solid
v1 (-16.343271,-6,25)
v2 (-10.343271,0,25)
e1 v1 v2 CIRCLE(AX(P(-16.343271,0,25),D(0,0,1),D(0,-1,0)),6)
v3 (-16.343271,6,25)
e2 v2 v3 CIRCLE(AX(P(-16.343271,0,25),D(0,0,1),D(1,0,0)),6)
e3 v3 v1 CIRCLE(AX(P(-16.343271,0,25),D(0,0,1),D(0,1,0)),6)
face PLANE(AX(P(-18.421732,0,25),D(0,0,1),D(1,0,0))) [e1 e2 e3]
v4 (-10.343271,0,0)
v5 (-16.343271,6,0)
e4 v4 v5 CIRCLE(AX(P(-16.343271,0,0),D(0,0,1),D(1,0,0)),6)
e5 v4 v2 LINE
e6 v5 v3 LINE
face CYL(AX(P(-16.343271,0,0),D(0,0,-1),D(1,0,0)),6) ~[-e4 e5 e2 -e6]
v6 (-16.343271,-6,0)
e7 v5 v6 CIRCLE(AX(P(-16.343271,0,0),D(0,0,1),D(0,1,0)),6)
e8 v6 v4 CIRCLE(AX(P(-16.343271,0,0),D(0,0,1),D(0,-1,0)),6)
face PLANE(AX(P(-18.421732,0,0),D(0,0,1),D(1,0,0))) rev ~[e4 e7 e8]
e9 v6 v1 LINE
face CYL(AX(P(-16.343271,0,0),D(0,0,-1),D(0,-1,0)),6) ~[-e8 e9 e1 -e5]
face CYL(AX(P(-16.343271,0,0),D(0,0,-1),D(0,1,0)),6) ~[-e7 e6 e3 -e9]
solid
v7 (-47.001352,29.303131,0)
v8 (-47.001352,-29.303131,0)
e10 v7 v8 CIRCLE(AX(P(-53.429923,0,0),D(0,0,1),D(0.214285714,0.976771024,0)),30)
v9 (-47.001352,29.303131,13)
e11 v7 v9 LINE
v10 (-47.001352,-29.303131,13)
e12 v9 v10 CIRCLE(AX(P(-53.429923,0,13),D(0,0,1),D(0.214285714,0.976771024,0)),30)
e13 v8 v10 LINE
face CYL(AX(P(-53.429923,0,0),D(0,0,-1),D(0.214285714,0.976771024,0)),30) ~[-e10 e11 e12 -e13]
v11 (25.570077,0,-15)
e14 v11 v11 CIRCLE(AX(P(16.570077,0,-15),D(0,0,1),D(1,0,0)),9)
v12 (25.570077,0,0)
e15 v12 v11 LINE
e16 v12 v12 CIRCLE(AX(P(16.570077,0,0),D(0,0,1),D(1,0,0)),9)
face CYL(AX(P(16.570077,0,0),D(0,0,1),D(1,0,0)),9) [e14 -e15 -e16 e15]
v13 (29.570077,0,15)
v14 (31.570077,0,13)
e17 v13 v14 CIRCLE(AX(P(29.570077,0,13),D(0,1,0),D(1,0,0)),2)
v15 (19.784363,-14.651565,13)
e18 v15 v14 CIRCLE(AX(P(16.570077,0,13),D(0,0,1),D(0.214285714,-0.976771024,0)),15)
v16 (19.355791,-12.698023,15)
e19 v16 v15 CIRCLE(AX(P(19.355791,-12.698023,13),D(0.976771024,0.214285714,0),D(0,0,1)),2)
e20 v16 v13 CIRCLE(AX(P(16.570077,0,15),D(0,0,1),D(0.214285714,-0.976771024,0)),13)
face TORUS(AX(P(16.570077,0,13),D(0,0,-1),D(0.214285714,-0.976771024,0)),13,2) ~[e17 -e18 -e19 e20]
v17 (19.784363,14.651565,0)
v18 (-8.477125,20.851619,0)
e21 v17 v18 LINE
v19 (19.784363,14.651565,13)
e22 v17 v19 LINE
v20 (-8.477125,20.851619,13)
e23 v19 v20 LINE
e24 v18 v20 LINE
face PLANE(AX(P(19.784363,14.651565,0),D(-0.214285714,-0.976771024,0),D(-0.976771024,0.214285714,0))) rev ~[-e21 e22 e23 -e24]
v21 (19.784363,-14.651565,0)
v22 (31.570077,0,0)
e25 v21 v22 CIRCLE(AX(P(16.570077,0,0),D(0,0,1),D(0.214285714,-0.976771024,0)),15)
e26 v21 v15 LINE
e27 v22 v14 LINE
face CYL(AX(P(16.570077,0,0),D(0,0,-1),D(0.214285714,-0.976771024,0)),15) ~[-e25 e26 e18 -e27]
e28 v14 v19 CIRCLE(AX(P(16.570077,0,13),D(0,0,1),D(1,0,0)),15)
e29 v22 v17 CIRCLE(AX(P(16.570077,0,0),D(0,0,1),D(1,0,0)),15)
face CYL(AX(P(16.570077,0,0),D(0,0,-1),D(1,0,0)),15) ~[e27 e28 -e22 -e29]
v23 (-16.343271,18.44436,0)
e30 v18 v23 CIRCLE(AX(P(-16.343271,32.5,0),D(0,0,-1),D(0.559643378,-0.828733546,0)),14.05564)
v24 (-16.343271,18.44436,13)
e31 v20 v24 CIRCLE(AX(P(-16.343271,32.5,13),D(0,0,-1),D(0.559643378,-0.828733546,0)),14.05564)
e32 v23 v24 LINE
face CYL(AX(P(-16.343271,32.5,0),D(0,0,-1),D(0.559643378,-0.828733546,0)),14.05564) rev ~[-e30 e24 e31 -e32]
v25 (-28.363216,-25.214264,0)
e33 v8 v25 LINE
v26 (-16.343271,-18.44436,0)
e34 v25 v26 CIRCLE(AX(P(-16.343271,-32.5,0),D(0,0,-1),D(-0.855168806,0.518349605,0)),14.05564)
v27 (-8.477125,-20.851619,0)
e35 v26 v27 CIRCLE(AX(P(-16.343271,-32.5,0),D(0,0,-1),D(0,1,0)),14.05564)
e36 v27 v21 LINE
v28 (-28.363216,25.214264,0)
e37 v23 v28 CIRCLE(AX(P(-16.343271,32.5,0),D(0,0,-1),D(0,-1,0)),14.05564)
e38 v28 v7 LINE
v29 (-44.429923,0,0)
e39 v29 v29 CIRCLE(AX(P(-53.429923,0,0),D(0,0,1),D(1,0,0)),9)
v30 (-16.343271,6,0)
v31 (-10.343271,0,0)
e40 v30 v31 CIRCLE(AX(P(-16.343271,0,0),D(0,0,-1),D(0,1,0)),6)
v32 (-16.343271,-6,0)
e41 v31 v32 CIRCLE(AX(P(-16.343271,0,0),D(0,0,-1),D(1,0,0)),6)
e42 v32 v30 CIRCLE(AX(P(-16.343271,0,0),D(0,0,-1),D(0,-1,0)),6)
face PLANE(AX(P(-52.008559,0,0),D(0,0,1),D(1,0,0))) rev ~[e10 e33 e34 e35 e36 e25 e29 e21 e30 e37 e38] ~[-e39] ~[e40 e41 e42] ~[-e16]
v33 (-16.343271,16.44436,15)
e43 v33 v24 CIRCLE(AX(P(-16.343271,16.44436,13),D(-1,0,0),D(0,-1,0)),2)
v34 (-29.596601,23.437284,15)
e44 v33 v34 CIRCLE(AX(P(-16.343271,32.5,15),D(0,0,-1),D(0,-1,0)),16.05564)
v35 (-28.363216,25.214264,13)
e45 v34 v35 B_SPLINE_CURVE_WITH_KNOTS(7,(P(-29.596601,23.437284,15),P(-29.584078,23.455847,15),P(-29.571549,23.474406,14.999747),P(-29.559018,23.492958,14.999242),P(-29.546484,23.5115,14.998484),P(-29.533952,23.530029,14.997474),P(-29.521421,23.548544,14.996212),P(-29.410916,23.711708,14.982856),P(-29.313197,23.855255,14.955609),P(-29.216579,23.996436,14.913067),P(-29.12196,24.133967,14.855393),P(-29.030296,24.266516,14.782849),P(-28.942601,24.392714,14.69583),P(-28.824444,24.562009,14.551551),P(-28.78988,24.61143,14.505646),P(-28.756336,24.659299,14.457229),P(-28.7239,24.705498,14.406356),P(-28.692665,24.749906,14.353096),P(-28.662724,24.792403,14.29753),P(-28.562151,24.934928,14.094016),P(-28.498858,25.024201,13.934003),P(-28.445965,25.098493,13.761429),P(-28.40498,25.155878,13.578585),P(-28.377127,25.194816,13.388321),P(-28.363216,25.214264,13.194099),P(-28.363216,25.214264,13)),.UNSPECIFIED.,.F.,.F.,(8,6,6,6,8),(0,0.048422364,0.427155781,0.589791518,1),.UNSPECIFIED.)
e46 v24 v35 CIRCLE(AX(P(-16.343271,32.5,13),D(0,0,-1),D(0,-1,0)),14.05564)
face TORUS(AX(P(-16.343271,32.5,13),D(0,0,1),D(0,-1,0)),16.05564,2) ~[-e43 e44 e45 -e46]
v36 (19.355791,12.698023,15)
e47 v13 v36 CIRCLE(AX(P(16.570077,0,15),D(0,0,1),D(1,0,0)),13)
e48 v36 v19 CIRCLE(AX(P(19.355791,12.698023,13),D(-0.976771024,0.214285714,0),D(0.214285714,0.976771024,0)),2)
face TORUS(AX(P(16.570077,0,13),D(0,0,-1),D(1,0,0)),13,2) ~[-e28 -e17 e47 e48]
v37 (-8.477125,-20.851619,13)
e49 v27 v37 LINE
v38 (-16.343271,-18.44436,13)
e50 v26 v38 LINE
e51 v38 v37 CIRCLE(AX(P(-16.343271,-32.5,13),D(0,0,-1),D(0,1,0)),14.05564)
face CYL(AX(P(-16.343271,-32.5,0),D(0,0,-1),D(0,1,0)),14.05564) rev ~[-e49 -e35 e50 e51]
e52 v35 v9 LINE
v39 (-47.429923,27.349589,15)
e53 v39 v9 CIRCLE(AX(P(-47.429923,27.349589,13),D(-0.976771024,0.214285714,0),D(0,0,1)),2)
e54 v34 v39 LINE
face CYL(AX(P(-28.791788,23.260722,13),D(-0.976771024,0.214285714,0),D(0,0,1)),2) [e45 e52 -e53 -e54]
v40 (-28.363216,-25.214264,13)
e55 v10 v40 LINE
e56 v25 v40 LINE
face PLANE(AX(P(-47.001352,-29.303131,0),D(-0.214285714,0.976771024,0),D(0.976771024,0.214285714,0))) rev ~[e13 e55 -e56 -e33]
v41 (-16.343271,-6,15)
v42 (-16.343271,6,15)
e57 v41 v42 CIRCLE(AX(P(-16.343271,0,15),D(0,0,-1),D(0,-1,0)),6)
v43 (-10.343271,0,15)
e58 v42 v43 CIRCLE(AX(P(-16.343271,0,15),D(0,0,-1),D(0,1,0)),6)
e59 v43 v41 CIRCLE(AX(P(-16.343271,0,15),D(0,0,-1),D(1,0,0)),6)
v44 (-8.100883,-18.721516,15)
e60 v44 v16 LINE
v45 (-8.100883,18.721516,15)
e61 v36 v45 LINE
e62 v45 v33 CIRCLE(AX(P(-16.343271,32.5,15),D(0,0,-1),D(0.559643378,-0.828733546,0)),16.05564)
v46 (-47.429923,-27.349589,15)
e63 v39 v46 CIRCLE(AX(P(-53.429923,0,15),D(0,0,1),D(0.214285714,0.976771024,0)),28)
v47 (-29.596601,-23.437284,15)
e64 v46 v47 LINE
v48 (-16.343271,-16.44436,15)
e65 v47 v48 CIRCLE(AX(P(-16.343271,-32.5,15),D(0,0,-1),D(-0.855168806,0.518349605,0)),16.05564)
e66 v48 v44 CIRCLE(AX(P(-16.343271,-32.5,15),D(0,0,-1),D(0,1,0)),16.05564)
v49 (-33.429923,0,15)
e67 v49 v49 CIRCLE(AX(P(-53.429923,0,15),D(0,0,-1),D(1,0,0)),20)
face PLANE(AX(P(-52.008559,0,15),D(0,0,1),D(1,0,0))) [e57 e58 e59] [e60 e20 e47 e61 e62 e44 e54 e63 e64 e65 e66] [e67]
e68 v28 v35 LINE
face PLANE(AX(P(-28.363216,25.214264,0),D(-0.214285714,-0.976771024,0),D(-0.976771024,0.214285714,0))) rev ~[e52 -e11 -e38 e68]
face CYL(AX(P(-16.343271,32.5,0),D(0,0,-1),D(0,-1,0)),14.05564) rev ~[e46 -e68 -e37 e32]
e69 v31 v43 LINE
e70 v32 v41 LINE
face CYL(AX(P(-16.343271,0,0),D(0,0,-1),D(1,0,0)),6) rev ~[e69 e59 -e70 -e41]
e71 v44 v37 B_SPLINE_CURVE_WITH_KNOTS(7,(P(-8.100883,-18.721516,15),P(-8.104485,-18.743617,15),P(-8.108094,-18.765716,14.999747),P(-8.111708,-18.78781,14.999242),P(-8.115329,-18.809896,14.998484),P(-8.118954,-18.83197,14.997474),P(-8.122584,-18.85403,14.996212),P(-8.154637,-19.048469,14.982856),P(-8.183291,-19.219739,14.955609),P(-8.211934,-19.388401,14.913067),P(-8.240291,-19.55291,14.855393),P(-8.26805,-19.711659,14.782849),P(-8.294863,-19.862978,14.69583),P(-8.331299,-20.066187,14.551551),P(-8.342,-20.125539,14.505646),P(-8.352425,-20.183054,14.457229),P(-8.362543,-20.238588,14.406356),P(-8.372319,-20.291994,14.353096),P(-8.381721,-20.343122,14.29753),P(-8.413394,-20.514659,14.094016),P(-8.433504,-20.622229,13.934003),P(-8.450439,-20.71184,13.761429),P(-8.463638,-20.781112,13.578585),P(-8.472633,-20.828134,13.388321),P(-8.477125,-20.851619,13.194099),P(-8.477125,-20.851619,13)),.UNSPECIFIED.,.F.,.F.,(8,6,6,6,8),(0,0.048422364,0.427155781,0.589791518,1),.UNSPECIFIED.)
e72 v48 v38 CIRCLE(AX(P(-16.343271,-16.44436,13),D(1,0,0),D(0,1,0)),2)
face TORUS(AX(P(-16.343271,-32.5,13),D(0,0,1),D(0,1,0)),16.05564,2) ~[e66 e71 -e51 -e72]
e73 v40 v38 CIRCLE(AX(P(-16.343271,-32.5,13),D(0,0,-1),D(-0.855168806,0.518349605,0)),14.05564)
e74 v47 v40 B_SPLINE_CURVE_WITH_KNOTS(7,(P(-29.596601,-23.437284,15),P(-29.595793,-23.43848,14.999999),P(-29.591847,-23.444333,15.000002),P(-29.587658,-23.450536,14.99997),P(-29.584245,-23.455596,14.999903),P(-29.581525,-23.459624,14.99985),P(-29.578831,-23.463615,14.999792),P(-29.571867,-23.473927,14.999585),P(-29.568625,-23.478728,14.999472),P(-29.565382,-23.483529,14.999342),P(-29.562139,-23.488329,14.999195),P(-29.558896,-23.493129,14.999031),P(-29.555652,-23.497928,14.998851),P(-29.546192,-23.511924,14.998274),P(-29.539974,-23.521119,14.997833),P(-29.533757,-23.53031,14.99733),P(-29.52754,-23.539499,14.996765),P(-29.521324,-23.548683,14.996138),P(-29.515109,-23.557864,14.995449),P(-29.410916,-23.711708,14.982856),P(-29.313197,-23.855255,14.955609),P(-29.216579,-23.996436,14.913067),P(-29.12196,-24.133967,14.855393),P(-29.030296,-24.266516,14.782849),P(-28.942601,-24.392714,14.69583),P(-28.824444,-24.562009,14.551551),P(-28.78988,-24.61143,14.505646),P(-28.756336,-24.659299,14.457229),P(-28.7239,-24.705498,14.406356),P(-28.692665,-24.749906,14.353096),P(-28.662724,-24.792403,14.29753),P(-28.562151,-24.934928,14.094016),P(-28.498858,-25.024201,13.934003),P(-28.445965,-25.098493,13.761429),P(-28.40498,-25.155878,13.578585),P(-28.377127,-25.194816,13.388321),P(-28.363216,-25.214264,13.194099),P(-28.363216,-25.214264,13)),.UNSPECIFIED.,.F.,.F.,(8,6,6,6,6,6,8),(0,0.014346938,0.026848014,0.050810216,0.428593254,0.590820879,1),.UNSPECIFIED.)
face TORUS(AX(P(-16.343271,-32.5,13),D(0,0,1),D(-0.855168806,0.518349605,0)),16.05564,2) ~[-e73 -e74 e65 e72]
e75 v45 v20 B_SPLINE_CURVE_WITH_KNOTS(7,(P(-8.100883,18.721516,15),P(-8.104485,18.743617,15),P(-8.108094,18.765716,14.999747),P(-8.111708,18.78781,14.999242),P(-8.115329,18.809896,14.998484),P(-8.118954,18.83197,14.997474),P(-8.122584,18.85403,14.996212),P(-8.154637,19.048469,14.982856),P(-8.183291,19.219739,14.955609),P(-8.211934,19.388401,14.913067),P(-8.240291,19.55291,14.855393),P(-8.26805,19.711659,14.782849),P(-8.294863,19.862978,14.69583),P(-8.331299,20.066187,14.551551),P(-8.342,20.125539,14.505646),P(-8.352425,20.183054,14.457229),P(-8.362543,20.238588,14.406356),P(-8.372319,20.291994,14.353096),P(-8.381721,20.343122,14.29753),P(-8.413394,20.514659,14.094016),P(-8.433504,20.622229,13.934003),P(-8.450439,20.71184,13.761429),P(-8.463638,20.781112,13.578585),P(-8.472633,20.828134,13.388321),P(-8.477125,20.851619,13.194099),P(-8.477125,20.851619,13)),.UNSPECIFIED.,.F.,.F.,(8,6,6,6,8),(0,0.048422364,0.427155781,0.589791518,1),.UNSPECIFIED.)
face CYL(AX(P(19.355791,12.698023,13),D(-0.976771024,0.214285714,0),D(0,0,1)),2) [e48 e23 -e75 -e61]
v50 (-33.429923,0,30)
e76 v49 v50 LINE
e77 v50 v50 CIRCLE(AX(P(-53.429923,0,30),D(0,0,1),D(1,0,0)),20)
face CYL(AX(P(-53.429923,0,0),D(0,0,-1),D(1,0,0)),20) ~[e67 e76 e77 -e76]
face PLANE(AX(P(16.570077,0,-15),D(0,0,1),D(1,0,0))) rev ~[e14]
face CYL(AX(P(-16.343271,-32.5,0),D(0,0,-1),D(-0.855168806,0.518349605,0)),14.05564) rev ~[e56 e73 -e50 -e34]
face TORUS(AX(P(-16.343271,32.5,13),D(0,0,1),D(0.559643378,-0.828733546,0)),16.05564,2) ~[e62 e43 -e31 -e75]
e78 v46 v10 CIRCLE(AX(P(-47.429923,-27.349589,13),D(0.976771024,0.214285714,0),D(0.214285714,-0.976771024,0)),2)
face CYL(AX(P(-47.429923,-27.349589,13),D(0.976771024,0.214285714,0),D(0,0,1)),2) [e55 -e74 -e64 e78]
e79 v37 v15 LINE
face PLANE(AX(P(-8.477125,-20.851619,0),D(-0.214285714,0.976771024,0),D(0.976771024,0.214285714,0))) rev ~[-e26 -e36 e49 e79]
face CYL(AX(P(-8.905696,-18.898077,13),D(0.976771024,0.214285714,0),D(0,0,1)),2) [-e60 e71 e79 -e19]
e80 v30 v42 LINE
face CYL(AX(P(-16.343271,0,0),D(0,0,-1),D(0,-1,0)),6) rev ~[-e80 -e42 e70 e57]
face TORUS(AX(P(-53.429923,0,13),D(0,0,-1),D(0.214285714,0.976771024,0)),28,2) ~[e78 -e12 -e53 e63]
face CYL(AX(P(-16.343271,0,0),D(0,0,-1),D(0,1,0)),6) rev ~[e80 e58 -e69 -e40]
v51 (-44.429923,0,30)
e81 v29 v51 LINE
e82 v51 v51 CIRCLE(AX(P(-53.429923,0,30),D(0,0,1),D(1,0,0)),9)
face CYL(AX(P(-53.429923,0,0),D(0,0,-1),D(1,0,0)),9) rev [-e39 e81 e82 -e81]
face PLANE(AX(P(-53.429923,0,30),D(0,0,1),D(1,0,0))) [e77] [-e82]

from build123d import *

# Parameters (mm, degrees)
F0_R     = 20
F0_R_2   = 9
F1_DEPTH = 15
F2_DEPTH = 15
F3_DEPTH = 30
F4_R     = 2
F5_DEPTH = 25


with BuildPart() as f1:
    # F0 (on Top) → F1 (new body)
    with BuildSketch(Plane.XY):
        with BuildLine():
            ThreePointArc((-47.0013516621, -29.3031307097), (-30.0541114165, -18.8034951158), (-23.4299230907, 0))
            ThreePointArc((-23.4299230907, 0), (-30.0541114165, 18.8034951158), (-47.0013516621, 29.3031307097))
            ThreePointArc((-47.0013516621, 29.3031307097), (-83.4299230907, 0), (-47.0013516621, -29.3031307097))
        make_face()
        with Locations((-53.4299230907, 0)):
            Circle(F0_R, mode=Mode.SUBTRACT)
        with Locations((-53.4299230907, 0)):
            Circle(F0_R)
        with Locations((-53.4299230907, 0)):
            Circle(F0_R_2, mode=Mode.SUBTRACT)
        with BuildLine():
            ThreePointArc((-47.0013516621, 29.3031307097), (-30.0541114165, 18.8034951158), (-23.4299230907, 0))
            ThreePointArc((-23.4299230907, 0), (-30.0541114165, -18.8034951158), (-47.0013516621, -29.3031307097))
            Line((-47.0013516621, -29.3031307097), (-28.3632161226, -25.2142643425))
            ThreePointArc((-28.3632161226, -25.2142643425), (-23.240927988, -20.2532308731), (-16.3432708876, -18.4443595833))
            Line((-16.3432708876, -18.4443595833), (-16.3432708876, -6))
            ThreePointArc((-16.3432708876, -6), (-22.3432708876, 0), (-16.3432708876, 6))
            Line((-16.3432708876, 6), (-16.3432708876, 18.4443595833))
            ThreePointArc((-16.3432708876, 18.4443595833), (-23.240927988, 20.2532308731), (-28.3632161226, 25.2142643425))
            Line((-28.3632161226, 25.2142643425), (-47.0013516621, 29.3031307097))
        make_face()
        with BuildLine():
            ThreePointArc((-8.4771248069, 20.8516192817), (-12.2301469709, 19.0596414048), (-16.3432708876, 18.4443595833))
            Line((-16.3432708876, 18.4443595833), (-16.3432708876, 6))
            ThreePointArc((-16.3432708876, 6), (-12.1006302005, 4.2426406871), (-10.3432708876, 0))
            ThreePointArc((-10.3432708876, 0), (-12.1006302005, -4.2426406871), (-16.3432708876, -6))
            Line((-16.3432708876, -6), (-16.3432708876, -18.4443595833))
            ThreePointArc((-16.3432708876, -18.4443595833), (-12.2301469709, -19.0596414048), (-8.4771248069, -20.8516192817))
            Line((-8.4771248069, -20.8516192817), (19.7843626236, -14.6515653548))
            ThreePointArc((19.7843626236, -14.6515653548), (1.5700769093, 0), (19.7843626236, 14.6515653548))
            Line((19.7843626236, 14.6515653548), (-8.4771248069, 20.8516192817))
        make_face()
        with BuildLine():
            ThreePointArc((31.5700769093, 0), (28.2579827464, 9.4017475579), (19.7843626236, 14.6515653548))
            ThreePointArc((19.7843626236, 14.6515653548), (1.5700769093, 0), (19.7843626236, -14.6515653548))
            ThreePointArc((19.7843626236, -14.6515653548), (28.2579827464, -9.4017475579), (31.5700769093, 0))
        make_face()
        with Locations((16.5700769093, 0)):
            Circle(F0_R_2, mode=Mode.SUBTRACT)
        with Locations((16.5700769093, 0)):
            Circle(F0_R_2)
    extrude(amount=F1_DEPTH)

    # F0 (on Top) → F2 (join)
    with BuildSketch(Plane.XY):
        with Locations((16.5700769093, 0)):
            Circle(F0_R_2)
    extrude(amount=-F2_DEPTH)

    # F0 (on Top) → F3 (join)
    with BuildSketch(Plane.XY):
        with Locations((-53.4299230907, 0)):
            Circle(F0_R)
        with Locations((-53.4299230907, 0)):
            Circle(F0_R_2, mode=Mode.SUBTRACT)
    extrude(amount=F3_DEPTH)

    # F4
    f4_edges = [f1.edges().sort_by_distance(p)[0] for p in [
        (-83.429923, 0, 15),
        (-19.355194, -18.770858, 15),
        (-19.355194, 18.770858, 15),
        (5.653619, -17.751592, 15),
    ]]
    fillet(f4_edges, radius=F4_R)


with BuildPart() as f5:
    # F0 (on Top) → F5 (new body)
    with BuildSketch(Plane.XY):
        with BuildLine():
            Line((-16.3432708876, -6), (-16.3432708876, 6))
            ThreePointArc((-16.3432708876, 6), (-22.3432708876, 0), (-16.3432708876, -6))
        make_face()
        with BuildLine():
            ThreePointArc((-10.3432708876, 0), (-12.1006302005, 4.2426406871), (-16.3432708876, 6))
            Line((-16.3432708876, 6), (-16.3432708876, -6))
            ThreePointArc((-16.3432708876, -6), (-12.1006302005, -4.2426406871), (-10.3432708876, 0))
        make_face()
    extrude(amount=F5_DEPTH)


solid = Compound([f1.part, f5.part])
